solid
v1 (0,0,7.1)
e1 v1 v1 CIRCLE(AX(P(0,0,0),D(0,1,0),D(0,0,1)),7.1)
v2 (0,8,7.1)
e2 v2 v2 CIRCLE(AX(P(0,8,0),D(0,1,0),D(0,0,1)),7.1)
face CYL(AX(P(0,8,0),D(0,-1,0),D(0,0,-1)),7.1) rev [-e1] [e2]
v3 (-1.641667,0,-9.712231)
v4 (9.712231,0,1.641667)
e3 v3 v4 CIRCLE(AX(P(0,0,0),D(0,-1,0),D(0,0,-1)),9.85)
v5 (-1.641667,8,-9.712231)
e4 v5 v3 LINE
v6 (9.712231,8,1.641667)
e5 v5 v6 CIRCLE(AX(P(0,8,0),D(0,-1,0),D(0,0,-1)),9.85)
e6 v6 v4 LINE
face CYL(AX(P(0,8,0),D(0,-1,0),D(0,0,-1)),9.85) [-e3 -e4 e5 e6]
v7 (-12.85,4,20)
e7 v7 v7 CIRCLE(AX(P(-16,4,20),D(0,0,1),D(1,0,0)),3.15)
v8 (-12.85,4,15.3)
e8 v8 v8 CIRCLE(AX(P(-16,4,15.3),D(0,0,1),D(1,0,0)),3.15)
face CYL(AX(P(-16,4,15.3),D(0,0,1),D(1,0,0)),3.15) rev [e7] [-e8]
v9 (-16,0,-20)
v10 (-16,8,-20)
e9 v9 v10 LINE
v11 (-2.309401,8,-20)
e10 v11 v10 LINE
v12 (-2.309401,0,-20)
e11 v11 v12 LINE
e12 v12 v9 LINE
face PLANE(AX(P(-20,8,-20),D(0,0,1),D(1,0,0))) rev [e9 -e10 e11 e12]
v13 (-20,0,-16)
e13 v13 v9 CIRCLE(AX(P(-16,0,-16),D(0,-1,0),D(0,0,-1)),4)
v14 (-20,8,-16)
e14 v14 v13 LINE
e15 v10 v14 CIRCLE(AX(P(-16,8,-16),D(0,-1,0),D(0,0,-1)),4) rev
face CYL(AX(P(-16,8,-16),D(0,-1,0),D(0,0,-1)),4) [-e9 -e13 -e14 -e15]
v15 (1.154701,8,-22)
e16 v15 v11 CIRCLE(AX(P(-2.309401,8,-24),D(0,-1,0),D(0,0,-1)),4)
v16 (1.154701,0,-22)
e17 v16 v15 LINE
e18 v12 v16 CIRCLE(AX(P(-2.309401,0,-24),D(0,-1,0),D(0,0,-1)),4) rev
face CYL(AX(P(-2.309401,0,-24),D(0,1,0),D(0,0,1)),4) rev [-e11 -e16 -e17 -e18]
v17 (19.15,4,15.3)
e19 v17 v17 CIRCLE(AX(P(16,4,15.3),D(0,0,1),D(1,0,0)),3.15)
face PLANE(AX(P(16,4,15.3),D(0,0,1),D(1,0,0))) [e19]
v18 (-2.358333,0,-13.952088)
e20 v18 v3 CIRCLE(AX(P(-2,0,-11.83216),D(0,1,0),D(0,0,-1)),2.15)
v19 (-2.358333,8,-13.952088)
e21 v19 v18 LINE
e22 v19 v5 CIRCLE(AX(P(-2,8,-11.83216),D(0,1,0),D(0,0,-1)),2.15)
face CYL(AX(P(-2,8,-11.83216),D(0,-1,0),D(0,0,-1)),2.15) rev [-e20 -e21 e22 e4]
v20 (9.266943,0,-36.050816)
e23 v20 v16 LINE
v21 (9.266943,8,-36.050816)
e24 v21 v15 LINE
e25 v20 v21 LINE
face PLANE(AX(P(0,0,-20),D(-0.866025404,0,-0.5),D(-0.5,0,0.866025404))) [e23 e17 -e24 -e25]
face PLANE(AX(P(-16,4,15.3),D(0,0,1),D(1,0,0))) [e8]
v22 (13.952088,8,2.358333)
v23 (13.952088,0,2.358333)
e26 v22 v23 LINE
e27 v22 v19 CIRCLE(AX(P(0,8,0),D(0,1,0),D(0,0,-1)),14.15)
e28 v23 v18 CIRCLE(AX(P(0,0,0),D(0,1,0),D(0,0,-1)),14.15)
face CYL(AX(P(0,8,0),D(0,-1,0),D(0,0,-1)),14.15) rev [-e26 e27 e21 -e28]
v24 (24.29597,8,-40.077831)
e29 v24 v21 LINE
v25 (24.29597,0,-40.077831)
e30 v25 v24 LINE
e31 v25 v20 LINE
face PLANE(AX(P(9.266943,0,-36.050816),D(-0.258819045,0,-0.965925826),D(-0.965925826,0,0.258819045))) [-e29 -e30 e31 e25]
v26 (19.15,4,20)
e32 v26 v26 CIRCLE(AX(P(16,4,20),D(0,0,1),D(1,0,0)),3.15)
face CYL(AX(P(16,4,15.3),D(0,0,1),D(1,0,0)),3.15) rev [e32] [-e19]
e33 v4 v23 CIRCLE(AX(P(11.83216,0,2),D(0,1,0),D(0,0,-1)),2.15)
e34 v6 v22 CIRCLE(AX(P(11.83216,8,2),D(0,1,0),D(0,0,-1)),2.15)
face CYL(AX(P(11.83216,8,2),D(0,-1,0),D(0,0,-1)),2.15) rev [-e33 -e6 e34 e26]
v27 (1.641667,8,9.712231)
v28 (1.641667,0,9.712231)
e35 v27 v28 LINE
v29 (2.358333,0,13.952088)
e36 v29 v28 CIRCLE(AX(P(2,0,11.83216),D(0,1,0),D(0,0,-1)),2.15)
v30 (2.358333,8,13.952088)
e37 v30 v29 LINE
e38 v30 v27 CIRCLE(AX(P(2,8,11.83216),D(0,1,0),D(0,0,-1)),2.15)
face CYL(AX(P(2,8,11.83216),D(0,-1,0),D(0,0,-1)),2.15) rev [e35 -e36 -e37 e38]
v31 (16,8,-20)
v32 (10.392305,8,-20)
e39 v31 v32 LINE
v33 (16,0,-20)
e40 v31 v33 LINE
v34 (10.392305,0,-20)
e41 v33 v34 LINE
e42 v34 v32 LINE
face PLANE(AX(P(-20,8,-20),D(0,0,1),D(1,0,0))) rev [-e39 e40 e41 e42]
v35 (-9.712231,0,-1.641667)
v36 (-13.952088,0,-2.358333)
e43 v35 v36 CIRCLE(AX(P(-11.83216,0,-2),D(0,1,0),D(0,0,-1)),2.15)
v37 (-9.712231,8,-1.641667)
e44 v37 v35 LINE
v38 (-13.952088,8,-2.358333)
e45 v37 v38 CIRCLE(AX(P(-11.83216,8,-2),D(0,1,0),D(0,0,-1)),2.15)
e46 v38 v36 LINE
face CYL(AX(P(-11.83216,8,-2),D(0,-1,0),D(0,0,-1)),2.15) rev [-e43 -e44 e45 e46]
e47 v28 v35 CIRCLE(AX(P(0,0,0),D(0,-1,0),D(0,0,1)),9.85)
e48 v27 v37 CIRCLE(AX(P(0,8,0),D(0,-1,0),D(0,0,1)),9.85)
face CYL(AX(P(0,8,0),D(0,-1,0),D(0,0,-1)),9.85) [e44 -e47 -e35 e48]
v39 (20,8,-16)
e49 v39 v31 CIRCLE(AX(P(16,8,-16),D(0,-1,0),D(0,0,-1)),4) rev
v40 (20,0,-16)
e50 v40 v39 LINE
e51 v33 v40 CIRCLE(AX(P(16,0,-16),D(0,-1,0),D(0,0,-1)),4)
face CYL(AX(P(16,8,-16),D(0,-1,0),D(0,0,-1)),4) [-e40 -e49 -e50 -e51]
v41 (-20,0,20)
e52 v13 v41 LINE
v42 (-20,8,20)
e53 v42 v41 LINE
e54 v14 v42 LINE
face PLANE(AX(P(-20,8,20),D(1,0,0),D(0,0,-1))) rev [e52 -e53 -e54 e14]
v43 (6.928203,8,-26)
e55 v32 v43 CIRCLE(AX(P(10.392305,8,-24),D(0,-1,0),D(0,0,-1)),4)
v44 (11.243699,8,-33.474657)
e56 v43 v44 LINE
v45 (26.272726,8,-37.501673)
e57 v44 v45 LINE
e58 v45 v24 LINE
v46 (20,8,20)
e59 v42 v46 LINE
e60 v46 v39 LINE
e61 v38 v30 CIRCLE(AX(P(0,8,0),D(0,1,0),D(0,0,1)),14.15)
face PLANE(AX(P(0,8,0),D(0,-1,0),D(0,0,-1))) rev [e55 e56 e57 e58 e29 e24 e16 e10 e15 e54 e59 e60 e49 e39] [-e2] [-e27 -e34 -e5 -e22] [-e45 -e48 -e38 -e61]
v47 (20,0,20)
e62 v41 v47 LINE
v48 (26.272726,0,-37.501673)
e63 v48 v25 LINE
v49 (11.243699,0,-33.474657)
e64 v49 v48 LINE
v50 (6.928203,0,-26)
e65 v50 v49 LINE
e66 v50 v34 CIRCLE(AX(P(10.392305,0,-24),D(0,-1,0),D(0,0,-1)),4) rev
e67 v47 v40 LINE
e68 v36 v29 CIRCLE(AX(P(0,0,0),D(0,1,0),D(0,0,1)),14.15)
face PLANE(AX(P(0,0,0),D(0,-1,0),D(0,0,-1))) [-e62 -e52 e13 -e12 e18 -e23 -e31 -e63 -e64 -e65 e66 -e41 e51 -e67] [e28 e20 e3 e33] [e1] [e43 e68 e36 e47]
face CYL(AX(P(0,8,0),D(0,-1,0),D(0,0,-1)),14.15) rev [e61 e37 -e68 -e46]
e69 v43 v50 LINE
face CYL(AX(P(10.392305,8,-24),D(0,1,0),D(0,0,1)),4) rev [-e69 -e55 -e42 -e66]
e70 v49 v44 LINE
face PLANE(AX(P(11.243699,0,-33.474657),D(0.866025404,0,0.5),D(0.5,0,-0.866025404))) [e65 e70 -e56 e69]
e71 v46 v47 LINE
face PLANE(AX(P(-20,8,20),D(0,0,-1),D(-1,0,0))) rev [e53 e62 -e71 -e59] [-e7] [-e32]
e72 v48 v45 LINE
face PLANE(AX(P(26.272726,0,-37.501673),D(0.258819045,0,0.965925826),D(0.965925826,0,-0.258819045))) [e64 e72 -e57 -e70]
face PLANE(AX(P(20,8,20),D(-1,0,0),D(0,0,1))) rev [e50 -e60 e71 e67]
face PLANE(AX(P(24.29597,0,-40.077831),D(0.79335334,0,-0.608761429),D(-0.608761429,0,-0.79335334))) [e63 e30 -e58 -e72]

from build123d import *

# Parameters (mm, degrees)
SKETCH1_W           = 40
SKETCH1_H           = 40
SKETCH1_R           = 7.1
BOSS_EXTRUDE1_DEPTH = 8
FILLET1_R           = 4
SKETCH2_R           = 3.15
CUT_EXTRUDE1_DEPTH  = 4.7
BOSS_EXTRUDE2_DEPTH = 8
FILLET2_R           = 4


with BuildPart() as part:
    # Sketch1 → Boss-Extrude1 (new body)
    with BuildSketch(Plane(origin=(0, 0, 0), x_dir=(1, 0, 0), z_dir=(0, 1, 0))):
        Rectangle(SKETCH1_W, SKETCH1_H)
        with Locations(Location((0, 0, 0), (0, 0, 270))):
            Circle(SKETCH1_R, mode=Mode.SUBTRACT)
        with BuildLine():
            ThreePointArc((-1.641666667, 9.712230977), (6.965001795, 6.965001795), (9.712230977, -1.641666667))
            ThreePointArc((9.712230977, -1.641666667), (11.473826233, -4.119928589), (13.952088155, -2.358333333))
            ThreePointArc((13.952088155, -2.358333333), (10.005560954, 10.005560954), (-2.358333333, 13.952088155))
            ThreePointArc((-2.358333333, 13.952088155), (-4.119928589, 11.473826233), (-1.641666667, 9.712230977))
        make_face(mode=Mode.SUBTRACT)
        with BuildLine():
            ThreePointArc((-13.952088155, 2.358333333), (-10.005560954, -10.005560954), (2.358333333, -13.952088155))
            ThreePointArc((2.358333333, -13.952088155), (4.119928589, -11.473826233), (1.641666667, -9.712230977))
            ThreePointArc((1.641666667, -9.712230977), (-6.965001795, -6.965001795), (-9.712230977, 1.641666667))
            ThreePointArc((-9.712230977, 1.641666667), (-11.473826233, 4.119928589), (-13.952088155, 2.358333333))
        make_face(mode=Mode.SUBTRACT)
    extrude(amount=BOSS_EXTRUDE1_DEPTH)

    # Fillet1
    fillet1_edges = [part.edges().sort_by_distance(p)[0] for p in [
        (-20, 4, -20),
        (20, 4, -20),
    ]]
    fillet(fillet1_edges, radius=FILLET1_R)

    # Sketch2 → Cut-Extrude1 (cut)
    with BuildSketch(Plane.XY.offset(20)):
        with Locations((-16, 4)):
            Circle(SKETCH2_R)
        with Locations((16, 4)):
            Circle(SKETCH2_R)
    extrude(amount=-CUT_EXTRUDE1_DEPTH, mode=Mode.SUBTRACT)

    # Sketch3 → Boss-Extrude2 (add)
    with BuildSketch(Plane(origin=(0, 8, 0), x_dir=(1, 0, 0), z_dir=(0, 1, 0))):
        Polygon((0, 20), (9.266942717, 36.050815617), (24.295969979, 40.077831335), (26.272725847, 37.501672932), (11.243698585, 33.474657214), (3.464101615, 20), align=None)
    extrude(amount=-BOSS_EXTRUDE2_DEPTH)

    # Fillet2
    fillet2_edges = [part.edges().sort_by_distance(p)[0] for p in [
        (3.464101615, 4, -20),
        (0, 4, -20),
    ]]
    fillet(fillet2_edges, radius=FILLET2_R)


solid = part.part
